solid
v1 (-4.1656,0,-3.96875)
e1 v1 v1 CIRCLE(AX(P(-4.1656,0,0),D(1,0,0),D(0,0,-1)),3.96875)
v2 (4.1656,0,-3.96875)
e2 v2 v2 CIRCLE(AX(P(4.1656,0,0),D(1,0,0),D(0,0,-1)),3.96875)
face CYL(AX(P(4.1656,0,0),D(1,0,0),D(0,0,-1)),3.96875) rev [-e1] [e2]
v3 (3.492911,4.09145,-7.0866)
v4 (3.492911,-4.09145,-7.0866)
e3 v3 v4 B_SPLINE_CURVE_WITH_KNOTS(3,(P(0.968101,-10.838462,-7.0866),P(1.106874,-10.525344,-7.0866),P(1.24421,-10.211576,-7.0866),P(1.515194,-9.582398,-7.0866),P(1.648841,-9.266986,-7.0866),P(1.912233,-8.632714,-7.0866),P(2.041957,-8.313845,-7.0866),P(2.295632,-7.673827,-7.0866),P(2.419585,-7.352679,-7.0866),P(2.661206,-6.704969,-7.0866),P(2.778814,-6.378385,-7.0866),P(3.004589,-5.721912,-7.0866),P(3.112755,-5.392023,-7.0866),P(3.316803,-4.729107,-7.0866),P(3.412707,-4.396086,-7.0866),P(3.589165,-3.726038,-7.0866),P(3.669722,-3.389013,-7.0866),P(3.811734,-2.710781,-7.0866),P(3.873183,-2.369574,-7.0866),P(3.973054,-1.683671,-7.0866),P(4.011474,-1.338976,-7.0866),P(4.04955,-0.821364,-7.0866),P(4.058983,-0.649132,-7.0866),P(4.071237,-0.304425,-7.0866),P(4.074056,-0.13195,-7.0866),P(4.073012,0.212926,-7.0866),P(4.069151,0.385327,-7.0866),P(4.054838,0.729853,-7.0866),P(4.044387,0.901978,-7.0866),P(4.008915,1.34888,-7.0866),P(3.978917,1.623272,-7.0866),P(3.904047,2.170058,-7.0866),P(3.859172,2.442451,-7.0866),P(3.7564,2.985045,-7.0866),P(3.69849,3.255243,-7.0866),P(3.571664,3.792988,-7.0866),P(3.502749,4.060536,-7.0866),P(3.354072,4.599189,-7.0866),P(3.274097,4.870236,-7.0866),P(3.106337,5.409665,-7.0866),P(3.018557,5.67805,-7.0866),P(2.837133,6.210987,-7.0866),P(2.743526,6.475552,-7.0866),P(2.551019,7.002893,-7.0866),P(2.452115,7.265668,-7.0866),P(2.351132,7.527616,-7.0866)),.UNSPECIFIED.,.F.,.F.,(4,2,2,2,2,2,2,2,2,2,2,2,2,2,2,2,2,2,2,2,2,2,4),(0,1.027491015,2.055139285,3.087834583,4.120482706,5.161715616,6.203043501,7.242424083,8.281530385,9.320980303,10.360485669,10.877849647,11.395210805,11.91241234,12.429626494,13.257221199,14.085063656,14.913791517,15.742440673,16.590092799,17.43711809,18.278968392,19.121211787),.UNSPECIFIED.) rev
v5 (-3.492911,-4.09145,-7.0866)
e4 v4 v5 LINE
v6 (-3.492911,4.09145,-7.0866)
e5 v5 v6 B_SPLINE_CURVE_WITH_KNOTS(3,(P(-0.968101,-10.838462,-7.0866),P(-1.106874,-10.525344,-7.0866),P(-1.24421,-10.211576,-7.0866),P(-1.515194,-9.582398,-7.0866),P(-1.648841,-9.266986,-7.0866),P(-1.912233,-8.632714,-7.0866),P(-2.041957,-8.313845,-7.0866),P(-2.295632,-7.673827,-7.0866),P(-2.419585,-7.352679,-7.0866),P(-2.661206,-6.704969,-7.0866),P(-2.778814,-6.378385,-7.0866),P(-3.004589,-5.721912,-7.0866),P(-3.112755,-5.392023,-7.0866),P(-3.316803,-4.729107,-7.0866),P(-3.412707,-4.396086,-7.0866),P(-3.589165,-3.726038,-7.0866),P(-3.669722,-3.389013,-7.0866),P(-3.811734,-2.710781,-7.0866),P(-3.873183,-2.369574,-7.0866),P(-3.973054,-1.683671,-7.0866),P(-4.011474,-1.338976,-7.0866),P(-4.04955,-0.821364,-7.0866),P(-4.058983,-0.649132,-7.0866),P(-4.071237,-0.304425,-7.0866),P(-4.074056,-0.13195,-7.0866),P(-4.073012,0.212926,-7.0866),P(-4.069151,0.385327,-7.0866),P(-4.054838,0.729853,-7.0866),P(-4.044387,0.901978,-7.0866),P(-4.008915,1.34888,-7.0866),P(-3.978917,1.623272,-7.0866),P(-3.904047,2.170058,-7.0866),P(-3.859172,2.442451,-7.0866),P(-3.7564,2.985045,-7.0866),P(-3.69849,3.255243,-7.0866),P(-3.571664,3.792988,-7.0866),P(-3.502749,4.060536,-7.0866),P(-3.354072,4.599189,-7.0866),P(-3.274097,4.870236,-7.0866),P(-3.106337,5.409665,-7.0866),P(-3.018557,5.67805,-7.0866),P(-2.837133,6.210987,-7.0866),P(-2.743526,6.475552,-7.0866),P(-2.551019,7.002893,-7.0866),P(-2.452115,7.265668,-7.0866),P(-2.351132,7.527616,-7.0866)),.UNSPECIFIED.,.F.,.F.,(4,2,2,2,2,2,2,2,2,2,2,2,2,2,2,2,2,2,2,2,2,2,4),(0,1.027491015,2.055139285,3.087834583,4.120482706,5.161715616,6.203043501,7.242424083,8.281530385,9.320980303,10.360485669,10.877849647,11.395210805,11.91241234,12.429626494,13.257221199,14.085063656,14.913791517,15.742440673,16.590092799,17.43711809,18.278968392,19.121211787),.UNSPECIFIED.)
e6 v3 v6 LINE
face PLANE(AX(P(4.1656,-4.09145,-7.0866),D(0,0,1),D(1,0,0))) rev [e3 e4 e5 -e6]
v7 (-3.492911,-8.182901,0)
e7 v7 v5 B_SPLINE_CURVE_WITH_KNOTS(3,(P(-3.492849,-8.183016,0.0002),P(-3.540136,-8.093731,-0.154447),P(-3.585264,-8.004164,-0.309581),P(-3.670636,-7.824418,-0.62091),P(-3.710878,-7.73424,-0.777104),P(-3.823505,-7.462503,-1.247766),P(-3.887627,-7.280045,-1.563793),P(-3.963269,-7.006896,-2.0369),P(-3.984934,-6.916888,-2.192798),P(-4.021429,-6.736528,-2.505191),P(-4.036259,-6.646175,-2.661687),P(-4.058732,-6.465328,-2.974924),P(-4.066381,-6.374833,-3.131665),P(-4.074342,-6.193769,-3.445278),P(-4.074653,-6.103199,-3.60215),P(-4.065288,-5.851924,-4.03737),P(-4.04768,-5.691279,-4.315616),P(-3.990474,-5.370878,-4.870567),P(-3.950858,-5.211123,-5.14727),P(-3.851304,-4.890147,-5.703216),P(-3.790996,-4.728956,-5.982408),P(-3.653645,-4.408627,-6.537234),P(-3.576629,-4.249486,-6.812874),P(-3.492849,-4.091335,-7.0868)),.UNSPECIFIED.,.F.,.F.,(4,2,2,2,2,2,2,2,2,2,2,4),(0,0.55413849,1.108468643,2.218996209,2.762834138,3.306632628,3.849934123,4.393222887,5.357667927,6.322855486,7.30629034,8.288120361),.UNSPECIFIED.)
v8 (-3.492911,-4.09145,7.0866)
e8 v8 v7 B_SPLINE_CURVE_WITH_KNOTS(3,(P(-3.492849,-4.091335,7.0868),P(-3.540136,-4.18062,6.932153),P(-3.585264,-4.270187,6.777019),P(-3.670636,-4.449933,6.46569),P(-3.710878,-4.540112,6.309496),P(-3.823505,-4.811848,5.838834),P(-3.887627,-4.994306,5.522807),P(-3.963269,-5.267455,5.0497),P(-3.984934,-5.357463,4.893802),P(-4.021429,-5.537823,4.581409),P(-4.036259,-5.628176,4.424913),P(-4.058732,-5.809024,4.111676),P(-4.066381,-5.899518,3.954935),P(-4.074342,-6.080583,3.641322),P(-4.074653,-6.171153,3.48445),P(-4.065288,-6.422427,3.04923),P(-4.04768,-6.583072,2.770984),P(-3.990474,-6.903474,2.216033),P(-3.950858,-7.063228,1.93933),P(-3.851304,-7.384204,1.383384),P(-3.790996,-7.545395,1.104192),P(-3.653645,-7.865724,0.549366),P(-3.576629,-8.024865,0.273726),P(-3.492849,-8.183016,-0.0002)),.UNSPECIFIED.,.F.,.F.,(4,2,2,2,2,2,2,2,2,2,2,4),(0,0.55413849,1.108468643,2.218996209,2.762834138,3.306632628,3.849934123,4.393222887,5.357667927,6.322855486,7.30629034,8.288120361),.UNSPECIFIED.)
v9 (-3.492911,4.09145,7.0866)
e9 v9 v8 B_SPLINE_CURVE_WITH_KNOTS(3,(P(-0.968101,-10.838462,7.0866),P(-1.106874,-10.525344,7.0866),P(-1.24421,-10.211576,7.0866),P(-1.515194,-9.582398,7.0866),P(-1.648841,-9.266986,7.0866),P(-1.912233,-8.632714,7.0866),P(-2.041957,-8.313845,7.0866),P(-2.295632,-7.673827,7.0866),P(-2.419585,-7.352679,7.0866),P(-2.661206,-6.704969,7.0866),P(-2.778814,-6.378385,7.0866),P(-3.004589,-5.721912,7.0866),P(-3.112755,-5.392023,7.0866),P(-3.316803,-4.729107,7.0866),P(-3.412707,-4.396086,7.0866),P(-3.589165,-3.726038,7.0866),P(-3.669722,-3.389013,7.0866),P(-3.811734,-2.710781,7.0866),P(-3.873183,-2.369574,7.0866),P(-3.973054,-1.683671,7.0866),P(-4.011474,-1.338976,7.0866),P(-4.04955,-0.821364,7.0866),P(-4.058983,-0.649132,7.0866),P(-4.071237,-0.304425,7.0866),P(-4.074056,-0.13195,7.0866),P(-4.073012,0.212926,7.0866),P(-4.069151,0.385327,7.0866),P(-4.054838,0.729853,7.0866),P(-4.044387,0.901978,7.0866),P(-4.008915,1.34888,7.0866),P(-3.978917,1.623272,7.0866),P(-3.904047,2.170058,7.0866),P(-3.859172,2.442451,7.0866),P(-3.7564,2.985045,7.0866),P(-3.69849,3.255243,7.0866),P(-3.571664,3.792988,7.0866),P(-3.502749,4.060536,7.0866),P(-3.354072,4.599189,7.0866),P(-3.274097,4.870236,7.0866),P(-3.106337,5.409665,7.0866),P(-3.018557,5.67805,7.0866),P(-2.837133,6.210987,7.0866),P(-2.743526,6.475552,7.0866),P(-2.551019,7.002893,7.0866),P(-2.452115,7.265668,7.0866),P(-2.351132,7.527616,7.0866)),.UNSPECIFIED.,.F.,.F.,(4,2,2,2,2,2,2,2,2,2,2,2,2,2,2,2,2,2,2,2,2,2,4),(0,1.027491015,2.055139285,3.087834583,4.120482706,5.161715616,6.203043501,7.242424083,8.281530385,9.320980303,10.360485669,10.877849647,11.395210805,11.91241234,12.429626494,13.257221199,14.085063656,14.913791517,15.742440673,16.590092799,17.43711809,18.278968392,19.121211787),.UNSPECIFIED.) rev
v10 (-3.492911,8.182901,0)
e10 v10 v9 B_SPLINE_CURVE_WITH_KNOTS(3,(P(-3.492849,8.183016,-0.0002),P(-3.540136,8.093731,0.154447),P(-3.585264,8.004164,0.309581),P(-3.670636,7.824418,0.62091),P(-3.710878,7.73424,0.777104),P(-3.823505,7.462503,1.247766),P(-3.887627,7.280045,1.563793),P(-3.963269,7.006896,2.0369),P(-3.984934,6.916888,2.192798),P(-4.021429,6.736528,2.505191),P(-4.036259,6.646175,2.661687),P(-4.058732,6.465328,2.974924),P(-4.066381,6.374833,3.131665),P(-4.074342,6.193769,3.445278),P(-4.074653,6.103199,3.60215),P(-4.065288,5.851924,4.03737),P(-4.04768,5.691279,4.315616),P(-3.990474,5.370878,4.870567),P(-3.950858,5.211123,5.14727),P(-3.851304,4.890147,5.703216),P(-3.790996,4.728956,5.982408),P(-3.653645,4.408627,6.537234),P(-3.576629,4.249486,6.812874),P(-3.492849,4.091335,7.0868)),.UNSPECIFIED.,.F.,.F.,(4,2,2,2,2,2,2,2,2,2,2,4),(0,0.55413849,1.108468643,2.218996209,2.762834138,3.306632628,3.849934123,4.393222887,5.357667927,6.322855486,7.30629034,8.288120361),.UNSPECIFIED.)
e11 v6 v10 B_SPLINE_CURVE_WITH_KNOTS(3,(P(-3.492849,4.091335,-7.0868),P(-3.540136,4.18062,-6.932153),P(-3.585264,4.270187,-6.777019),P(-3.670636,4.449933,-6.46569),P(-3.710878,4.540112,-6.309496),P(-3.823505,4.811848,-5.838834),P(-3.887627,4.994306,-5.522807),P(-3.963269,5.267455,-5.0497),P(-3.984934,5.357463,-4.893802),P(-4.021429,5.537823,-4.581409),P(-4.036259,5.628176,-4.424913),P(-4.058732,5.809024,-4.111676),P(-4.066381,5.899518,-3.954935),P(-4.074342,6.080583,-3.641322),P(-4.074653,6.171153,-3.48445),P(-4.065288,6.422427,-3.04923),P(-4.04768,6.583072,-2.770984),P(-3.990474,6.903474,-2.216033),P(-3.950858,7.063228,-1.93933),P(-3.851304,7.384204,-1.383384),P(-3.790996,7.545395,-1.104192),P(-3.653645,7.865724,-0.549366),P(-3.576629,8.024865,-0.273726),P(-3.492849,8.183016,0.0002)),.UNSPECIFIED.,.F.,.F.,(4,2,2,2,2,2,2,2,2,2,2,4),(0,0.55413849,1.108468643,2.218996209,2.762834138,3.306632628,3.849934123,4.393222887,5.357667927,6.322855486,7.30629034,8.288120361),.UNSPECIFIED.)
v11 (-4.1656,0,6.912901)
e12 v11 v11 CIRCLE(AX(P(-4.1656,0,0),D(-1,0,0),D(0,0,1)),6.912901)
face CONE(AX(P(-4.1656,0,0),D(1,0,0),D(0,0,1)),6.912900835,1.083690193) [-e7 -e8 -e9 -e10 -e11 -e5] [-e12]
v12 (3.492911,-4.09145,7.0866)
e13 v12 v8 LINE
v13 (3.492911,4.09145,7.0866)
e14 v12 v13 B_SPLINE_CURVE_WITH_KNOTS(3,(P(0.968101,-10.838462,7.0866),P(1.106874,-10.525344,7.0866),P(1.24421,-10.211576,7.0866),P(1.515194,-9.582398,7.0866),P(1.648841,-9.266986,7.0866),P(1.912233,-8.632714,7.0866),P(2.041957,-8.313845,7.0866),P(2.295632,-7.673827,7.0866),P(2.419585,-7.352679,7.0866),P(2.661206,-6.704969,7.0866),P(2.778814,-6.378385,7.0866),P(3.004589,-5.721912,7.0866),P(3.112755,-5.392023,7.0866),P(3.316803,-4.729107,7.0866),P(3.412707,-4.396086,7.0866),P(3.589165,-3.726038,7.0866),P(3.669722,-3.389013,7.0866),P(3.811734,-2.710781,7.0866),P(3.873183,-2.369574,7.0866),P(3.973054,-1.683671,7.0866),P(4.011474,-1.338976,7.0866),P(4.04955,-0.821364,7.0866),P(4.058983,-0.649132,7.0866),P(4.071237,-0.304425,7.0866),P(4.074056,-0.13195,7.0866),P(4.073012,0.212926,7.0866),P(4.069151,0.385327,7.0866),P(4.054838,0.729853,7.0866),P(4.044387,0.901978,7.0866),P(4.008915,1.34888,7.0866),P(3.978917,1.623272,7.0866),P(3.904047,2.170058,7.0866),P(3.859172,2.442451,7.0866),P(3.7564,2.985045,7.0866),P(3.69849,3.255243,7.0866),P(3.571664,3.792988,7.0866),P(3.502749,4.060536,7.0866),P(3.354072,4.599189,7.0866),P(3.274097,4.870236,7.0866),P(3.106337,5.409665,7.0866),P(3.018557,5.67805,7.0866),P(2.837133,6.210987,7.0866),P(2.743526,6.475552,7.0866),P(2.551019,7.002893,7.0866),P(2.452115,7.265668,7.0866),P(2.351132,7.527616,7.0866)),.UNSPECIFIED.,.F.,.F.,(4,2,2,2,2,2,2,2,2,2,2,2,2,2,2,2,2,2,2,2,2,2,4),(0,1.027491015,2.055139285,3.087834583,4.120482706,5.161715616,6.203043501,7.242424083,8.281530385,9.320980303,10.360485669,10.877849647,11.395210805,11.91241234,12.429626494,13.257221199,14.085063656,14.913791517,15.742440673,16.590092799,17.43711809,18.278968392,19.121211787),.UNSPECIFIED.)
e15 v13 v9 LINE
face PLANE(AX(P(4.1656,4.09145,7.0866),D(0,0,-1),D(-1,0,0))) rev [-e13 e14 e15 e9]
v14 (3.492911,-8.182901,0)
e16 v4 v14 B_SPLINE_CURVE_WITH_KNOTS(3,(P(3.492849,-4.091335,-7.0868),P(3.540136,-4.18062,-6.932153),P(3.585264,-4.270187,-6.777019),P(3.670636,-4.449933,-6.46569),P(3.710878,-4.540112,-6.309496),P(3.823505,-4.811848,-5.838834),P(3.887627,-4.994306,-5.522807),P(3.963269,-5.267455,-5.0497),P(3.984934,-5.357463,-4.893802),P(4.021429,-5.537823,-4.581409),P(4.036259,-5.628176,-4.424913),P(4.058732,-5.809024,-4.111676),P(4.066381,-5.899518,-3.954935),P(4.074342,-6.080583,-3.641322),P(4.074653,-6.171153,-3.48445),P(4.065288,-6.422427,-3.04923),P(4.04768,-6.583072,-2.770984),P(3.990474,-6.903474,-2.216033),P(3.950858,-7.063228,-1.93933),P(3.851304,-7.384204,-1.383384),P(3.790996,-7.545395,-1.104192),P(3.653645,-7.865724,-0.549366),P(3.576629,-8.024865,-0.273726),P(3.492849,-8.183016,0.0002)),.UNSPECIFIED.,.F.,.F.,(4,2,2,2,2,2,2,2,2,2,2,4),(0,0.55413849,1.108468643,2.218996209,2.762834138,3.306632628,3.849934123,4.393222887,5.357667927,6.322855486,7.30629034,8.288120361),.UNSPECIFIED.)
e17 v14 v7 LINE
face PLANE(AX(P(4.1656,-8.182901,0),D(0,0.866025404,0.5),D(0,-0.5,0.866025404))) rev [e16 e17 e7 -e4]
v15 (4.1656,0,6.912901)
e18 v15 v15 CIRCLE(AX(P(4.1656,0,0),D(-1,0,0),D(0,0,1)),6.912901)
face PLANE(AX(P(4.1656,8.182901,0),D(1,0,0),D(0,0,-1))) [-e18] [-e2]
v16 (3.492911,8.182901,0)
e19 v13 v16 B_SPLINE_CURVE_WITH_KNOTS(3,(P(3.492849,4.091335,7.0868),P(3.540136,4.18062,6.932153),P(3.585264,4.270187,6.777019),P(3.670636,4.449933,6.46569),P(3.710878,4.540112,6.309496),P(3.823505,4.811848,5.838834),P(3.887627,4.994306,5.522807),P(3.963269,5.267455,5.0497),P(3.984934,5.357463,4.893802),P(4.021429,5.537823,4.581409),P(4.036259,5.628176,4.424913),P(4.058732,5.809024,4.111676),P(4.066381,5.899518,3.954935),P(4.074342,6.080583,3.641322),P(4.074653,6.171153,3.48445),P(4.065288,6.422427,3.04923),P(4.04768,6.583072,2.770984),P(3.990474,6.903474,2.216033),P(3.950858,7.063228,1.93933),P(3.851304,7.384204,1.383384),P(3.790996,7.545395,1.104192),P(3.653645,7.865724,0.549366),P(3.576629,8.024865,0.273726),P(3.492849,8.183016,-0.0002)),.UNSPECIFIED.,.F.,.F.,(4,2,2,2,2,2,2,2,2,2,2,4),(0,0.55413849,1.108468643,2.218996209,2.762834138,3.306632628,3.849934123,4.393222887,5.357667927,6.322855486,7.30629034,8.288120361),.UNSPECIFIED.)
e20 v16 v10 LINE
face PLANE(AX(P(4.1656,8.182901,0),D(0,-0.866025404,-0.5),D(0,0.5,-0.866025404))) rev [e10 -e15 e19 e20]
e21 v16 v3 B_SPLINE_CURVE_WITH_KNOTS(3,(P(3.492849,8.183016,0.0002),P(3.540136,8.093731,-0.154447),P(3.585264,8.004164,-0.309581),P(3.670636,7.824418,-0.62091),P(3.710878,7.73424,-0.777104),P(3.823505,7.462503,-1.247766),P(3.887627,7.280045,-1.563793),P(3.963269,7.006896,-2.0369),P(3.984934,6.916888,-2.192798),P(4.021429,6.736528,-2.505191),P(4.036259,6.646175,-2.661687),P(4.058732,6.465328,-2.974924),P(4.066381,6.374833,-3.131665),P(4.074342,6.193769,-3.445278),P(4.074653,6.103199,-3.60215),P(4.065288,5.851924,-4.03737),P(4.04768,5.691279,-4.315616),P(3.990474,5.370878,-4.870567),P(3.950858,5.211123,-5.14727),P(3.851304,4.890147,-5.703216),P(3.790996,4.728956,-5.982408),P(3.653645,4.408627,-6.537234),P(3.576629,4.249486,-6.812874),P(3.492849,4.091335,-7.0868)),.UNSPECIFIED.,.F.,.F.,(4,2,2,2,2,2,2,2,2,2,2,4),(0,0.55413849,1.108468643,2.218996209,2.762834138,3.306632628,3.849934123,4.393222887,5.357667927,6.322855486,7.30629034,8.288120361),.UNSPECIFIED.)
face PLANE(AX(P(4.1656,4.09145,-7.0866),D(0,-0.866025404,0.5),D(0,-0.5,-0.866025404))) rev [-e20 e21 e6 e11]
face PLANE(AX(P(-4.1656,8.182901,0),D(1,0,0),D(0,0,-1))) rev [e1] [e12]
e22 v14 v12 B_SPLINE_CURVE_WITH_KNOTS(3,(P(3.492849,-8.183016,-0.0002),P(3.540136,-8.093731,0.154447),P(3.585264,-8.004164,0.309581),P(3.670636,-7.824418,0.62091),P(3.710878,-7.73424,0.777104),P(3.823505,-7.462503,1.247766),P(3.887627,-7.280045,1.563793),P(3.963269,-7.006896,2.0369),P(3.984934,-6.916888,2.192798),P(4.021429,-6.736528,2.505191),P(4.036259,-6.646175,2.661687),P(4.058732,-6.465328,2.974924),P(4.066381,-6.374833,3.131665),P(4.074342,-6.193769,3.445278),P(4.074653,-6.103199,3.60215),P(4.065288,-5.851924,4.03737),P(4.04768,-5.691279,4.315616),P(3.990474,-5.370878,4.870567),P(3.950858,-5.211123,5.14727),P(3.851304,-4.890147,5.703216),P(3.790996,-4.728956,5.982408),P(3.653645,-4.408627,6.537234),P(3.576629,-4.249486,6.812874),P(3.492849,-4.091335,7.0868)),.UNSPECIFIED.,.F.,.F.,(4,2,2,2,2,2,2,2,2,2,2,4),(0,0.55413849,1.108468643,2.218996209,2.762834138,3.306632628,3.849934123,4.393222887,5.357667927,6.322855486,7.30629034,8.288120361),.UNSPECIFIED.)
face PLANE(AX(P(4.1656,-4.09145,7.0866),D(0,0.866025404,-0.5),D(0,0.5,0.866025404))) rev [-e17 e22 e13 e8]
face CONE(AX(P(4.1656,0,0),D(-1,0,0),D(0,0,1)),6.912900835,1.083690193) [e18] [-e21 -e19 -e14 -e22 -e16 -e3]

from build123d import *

# Parameters (mm, degrees)
BASE_DEPTH              = 4.1656
F_3_8_16_TAPPED_HOLE1_D = 7.9375


with BuildPart() as part:
    # Sketch1 → BASE (new, symmetric)
    with BuildSketch(Plane(origin=(0, 0, 0), x_dir=(0, 0, -1), z_dir=(1, 0, 0))):
        Polygon((0, 8.182900835), (-7.0866, 4.091450418), (-7.0866, -4.091450418), (0, -8.182900835), (7.0866, -4.091450418), (7.0866, 4.091450418), align=None)
    extrude(amount=BASE_DEPTH, both=True)

    # Sketch2 → EDGE-CUT (revolve, cut)
    with BuildSketch(Plane.XY, mode=Mode.PRIVATE) as edge_cut_sk:
        Polygon((4.1656, 6.912900835), (3.49291061, 8.182900835), (4.1656, 8.182900835), align=None)
    edge_cut = revolve(edge_cut_sk.sketch.rotate(Axis((0, 0, 0), (1, 0, 0)), 90), axis=Axis((0, 0, 0), (1, 0, 0)), mode=Mode.SUBTRACT)

    # Mirror1: EDGE-CUT across plane
    add(edge_cut.mirror(Plane(origin=(0, 0, 0), x_dir=(0, 0, 1), z_dir=(1, 0, 0))), mode=Mode.SUBTRACT)

    # 3/8-16 Tapped Hole1 (through all)
    with Locations(Plane(origin=(4.1656, 0, 0), x_dir=(0, 0, -1), z_dir=(1, 0, 0))):
        with Locations((0, 0)):
            Hole(F_3_8_16_TAPPED_HOLE1_D / 2)


solid = part.part
